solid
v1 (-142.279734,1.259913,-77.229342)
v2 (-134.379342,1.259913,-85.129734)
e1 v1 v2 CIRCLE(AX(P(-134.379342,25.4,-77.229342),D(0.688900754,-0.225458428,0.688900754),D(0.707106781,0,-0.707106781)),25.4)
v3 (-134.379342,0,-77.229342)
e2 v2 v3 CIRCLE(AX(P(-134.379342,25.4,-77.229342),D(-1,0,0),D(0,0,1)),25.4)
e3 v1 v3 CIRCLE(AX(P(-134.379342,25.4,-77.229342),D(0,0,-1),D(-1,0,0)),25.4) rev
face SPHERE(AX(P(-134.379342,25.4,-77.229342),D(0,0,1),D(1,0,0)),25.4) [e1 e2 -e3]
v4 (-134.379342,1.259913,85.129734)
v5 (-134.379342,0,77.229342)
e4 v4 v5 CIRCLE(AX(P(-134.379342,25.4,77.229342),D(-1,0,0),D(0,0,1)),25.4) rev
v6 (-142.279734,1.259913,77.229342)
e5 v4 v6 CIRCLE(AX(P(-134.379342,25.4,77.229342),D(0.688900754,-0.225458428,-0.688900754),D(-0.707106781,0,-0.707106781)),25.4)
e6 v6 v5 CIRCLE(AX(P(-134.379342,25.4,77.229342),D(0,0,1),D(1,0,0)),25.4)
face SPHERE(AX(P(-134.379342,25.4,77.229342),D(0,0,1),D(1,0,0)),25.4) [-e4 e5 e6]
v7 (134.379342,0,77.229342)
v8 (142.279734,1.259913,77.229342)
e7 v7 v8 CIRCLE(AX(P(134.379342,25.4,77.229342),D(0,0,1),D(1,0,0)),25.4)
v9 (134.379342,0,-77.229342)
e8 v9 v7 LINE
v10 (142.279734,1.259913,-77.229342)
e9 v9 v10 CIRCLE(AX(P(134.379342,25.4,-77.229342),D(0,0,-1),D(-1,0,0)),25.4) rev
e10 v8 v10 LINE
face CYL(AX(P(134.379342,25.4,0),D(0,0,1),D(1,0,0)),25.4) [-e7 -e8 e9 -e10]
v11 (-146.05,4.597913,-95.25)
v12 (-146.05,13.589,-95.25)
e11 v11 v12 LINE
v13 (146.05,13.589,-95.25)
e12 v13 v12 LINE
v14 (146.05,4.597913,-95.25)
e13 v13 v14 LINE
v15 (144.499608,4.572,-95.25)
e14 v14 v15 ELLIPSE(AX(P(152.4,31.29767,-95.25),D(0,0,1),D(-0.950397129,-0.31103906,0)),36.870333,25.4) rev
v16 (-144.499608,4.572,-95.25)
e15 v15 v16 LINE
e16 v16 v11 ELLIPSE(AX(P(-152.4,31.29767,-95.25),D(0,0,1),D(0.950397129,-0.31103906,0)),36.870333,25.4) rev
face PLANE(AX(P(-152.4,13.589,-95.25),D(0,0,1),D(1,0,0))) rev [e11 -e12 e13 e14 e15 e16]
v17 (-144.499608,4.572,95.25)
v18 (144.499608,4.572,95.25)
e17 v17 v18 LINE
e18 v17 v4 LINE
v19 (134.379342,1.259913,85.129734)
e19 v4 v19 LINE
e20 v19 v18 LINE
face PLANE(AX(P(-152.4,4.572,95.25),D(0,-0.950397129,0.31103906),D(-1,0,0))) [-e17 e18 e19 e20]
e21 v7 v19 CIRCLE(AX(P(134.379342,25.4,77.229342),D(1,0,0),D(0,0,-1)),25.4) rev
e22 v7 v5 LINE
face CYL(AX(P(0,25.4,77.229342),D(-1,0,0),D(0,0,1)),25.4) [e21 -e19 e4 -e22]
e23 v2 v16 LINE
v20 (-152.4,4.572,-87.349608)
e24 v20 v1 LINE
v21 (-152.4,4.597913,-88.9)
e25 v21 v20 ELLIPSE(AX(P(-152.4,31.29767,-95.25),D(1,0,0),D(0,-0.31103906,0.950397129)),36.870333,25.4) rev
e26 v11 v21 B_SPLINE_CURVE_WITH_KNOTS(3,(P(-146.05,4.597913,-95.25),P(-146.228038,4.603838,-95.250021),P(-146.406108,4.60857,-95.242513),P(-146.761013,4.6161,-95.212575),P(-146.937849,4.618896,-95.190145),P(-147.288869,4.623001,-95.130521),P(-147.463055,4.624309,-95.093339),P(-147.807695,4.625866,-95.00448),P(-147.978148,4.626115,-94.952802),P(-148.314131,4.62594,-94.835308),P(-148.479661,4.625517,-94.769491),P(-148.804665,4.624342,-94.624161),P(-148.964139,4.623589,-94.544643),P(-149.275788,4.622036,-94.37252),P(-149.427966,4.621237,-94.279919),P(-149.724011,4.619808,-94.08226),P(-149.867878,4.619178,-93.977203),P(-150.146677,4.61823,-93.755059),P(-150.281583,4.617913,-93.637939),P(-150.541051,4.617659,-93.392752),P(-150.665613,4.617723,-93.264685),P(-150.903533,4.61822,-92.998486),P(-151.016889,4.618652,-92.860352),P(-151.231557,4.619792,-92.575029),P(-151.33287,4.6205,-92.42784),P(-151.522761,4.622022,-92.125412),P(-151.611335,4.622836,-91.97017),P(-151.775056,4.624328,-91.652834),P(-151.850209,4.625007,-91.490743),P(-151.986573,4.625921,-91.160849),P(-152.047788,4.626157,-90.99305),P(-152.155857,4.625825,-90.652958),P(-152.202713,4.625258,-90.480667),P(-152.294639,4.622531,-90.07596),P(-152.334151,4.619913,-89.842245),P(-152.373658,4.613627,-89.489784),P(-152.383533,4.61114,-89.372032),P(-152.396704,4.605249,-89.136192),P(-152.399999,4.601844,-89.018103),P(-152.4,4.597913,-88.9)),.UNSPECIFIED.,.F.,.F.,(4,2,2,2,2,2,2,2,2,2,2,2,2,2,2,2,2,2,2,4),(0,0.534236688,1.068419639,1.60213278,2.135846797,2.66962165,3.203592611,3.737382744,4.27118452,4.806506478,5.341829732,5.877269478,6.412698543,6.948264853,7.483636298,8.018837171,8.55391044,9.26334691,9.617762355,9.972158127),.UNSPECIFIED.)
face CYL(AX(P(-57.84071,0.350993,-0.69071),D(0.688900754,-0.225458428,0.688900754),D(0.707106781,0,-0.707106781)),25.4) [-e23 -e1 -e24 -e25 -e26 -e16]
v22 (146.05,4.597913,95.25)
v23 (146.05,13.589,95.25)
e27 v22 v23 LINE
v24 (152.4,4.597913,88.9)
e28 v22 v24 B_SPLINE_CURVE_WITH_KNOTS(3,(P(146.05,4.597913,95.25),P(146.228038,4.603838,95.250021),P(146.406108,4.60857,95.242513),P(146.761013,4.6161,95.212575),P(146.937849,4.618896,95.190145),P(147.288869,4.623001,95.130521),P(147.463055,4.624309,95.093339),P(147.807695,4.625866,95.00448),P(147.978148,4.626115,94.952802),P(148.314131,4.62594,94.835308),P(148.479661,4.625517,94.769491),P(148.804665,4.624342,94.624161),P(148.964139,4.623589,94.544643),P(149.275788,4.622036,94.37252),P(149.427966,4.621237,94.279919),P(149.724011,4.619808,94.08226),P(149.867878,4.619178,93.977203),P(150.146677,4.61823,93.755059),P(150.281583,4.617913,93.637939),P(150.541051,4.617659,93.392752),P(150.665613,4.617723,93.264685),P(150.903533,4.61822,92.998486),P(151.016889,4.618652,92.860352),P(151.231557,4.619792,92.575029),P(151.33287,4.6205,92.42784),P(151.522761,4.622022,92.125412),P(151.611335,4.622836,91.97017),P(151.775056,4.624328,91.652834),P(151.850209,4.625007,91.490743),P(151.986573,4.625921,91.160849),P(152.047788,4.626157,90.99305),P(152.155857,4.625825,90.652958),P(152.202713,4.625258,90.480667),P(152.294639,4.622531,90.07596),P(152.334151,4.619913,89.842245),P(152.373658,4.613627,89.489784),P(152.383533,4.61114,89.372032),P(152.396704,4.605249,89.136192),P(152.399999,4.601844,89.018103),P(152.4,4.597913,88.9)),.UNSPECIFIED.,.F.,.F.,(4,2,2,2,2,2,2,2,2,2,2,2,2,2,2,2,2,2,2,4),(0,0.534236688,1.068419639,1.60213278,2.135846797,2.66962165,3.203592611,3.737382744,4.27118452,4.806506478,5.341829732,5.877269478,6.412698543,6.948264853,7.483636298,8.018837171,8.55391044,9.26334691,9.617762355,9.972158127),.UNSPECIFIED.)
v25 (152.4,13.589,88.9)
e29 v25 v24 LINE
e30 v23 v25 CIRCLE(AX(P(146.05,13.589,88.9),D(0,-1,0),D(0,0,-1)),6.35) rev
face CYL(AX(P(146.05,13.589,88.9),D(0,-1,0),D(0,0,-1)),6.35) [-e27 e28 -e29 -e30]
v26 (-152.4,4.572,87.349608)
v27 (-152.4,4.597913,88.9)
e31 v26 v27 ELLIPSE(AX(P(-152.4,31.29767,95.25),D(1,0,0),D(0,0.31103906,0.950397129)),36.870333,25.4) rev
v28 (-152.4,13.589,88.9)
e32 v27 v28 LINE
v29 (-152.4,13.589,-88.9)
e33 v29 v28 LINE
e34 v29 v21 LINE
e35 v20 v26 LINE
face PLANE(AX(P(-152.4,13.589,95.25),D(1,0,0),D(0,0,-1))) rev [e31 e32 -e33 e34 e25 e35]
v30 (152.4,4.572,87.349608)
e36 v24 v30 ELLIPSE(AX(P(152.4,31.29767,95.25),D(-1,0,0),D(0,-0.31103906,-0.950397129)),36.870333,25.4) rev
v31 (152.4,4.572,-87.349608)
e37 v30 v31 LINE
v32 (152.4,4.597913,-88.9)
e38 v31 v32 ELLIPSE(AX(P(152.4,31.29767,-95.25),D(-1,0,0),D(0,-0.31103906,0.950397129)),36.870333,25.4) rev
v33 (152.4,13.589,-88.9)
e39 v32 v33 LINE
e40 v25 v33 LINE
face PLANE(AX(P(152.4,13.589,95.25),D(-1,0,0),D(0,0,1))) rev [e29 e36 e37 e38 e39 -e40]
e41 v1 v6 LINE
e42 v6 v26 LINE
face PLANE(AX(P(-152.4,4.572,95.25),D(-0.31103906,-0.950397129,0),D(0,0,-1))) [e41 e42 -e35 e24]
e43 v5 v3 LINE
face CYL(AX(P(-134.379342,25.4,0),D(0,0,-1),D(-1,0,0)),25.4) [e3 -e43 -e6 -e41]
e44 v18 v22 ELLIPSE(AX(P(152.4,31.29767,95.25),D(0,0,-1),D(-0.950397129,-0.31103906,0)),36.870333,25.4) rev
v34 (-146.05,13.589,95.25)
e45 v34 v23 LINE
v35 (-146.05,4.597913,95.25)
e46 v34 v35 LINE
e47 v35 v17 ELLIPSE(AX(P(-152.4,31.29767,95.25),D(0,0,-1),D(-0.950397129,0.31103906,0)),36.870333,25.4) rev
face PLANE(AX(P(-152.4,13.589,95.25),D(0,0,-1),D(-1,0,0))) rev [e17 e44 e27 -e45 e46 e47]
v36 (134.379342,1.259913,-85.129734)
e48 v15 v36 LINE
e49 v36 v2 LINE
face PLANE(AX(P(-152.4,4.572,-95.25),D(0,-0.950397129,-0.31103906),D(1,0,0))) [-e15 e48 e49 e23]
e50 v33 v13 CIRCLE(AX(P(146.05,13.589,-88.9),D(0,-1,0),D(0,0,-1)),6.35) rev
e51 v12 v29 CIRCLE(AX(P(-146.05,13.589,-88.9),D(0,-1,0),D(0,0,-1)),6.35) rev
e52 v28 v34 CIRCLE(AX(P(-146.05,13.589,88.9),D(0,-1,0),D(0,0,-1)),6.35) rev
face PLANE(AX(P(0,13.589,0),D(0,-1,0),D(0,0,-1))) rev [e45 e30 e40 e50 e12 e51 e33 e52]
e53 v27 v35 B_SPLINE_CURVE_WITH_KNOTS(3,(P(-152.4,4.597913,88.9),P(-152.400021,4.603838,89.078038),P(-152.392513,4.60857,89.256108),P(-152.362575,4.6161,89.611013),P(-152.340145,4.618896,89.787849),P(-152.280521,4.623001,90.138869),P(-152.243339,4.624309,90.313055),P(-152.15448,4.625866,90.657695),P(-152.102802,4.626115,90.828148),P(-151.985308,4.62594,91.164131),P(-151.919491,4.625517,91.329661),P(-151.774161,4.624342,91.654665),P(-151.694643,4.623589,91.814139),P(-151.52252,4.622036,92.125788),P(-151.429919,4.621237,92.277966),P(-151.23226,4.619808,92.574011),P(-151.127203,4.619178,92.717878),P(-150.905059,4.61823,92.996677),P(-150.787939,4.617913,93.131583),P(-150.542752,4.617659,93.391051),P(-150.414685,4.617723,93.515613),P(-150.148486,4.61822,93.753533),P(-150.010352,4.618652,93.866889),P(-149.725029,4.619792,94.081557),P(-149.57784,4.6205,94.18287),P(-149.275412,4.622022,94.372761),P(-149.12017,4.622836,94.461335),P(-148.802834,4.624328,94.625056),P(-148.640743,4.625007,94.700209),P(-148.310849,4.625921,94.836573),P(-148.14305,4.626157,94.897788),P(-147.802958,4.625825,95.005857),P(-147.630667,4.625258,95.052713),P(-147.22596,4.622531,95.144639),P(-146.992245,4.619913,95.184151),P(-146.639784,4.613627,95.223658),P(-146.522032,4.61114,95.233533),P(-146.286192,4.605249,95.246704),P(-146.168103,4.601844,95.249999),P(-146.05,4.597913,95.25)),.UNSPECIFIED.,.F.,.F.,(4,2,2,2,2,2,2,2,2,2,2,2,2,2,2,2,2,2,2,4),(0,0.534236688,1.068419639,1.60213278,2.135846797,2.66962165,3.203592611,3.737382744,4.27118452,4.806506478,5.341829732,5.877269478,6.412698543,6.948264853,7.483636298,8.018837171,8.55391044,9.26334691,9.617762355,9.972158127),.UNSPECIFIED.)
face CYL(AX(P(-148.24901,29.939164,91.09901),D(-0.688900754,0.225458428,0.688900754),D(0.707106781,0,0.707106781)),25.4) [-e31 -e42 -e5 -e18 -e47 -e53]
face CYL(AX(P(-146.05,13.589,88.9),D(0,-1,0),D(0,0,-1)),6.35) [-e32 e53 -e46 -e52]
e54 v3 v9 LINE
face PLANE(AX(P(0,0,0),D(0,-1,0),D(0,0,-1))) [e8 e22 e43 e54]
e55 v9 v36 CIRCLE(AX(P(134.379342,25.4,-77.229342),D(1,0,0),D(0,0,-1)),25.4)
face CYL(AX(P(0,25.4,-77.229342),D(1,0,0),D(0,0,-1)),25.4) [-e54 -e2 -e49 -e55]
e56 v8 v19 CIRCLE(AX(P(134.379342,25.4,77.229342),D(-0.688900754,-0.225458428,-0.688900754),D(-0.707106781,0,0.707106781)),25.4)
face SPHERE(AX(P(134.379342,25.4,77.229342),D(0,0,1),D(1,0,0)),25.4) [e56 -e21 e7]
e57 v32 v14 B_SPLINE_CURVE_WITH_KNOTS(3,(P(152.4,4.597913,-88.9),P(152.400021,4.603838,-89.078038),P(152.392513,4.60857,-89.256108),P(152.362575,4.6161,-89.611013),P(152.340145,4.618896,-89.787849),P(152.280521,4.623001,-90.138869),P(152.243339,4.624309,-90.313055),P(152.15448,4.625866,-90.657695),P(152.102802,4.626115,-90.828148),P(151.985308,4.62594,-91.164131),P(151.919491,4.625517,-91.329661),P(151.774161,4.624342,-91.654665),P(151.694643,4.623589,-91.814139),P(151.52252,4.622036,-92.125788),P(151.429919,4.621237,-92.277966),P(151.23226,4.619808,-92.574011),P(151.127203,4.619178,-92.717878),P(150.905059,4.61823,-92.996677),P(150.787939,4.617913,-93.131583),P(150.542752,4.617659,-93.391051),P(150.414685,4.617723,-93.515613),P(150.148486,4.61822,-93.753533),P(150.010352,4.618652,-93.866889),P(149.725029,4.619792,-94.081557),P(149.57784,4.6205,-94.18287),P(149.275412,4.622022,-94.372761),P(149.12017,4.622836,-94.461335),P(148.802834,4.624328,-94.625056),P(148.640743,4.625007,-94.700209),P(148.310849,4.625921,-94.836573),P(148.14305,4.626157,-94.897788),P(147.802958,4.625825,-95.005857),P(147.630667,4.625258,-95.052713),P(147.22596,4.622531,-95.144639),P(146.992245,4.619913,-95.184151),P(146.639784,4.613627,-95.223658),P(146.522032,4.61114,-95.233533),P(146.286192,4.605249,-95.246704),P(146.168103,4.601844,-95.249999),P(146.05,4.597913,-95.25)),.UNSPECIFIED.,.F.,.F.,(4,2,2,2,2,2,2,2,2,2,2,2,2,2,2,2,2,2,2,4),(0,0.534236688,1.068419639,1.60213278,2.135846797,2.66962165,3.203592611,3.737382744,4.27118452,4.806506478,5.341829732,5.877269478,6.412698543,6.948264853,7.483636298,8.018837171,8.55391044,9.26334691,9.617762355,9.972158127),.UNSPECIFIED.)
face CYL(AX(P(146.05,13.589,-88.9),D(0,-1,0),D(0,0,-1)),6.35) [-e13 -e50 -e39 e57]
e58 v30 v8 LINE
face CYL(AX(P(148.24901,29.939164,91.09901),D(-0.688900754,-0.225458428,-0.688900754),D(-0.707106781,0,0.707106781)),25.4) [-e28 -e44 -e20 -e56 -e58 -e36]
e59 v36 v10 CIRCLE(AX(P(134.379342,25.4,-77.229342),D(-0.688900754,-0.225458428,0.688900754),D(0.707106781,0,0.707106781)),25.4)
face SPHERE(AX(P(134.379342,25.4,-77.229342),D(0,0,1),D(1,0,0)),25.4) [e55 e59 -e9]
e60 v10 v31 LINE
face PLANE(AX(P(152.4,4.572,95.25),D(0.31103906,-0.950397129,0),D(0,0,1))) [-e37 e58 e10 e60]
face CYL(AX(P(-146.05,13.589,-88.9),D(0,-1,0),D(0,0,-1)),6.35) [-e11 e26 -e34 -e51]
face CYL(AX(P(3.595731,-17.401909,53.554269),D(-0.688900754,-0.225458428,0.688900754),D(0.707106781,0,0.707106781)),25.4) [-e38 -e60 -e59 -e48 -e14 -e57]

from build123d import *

# Parameters (mm, degrees)
SKETCH1_W           = 304.8
SKETCH1_H           = 190.5
BOSS_EXTRUDE1_DEPTH = 13.589
CHAMFER1_SIZE       = 13.97
CHAMFER1_SIZE2      = 4.572
CHAMFER2_SIZE       = 13.97
CHAMFER2_SIZE2      = 4.572
CHAMFER3_SIZE       = 13.97
CHAMFER3_SIZE2      = 4.572
CHAMFER4_SIZE       = 13.97
CHAMFER4_SIZE2      = 4.572
FILLET1_R           = 6.35
FILLET3_R           = 25.4


with BuildPart() as part:
    # Sketch1 → Boss-Extrude1 (new body)
    with BuildSketch(Plane(origin=(0, 0, 0), x_dir=(1, 0, 0), z_dir=(0, 1, 0))):
        Rectangle(SKETCH1_W, SKETCH1_H)
    extrude(amount=BOSS_EXTRUDE1_DEPTH)

    # Chamfer1
    chamfer1_edges = [part.edges().sort_by_distance(p)[0] for p in [
        (-152.4, 0, 0),
    ]]
    chamfer1_side = [part.faces().sort_by_distance(p)[0] for p in [
        (0, 0, 0),
    ]]
    chamfer(chamfer1_edges, length=CHAMFER1_SIZE, length2=CHAMFER1_SIZE2, reference=chamfer1_side[0])

    # Chamfer2
    chamfer2_edges = [part.edges().sort_by_distance(p)[0] for p in [
        (6.985, 0, -95.25),
    ]]
    chamfer2_side = [part.faces().sort_by_distance(p)[0] for p in [
        (6.985, 0, 0),
    ]]
    chamfer(chamfer2_edges, length=CHAMFER2_SIZE, length2=CHAMFER2_SIZE2, reference=chamfer2_side[0])

    # Chamfer3
    chamfer3_edges = [part.edges().sort_by_distance(p)[0] for p in [
        (152.4, 0, 6.985),
    ]]
    chamfer3_side = [part.faces().sort_by_distance(p)[0] for p in [
        (6.985, 0, 6.985),
    ]]
    chamfer(chamfer3_edges, length=CHAMFER3_SIZE, length2=CHAMFER3_SIZE2, reference=chamfer3_side[0])

    # Chamfer4
    chamfer4_edges = [part.edges().sort_by_distance(p)[0] for p in [
        (0, 0, 95.25),
    ]]
    chamfer4_side = [part.faces().sort_by_distance(p)[0] for p in [
        (0, 0, 6.985),
    ]]
    chamfer(chamfer4_edges, length=CHAMFER4_SIZE, length2=CHAMFER4_SIZE2, reference=chamfer4_side[0])

    # Fillet1
    fillet1_edges = [part.edges().sort_by_distance(p)[0] for p in [
        (152.4, 9.0805, 95.25),
        (-152.4, 9.0805, 95.25),
        (-152.4, 9.0805, -95.25),
        (152.4, 9.0805, -95.25),
    ]]
    fillet(fillet1_edges, radius=FILLET1_R)

    # Fillet3
    fillet3_edges = [part.edges().sort_by_distance(p)[0] for p in [
        (0, 0, 81.28),
        (144.48506403, 1.981657319, 87.33506403),
        (138.43, 0, 0),
        (144.48506403, 1.981657319, -87.33506403),
        (0, 0, -81.28),
        (-144.48506403, 1.981657319, -87.33506403),
        (-138.43, 0, 0),
        (-144.48506403, 1.981657319, 87.33506403),
    ]]
    fillet(fillet3_edges, radius=FILLET3_R)


solid = part.part
